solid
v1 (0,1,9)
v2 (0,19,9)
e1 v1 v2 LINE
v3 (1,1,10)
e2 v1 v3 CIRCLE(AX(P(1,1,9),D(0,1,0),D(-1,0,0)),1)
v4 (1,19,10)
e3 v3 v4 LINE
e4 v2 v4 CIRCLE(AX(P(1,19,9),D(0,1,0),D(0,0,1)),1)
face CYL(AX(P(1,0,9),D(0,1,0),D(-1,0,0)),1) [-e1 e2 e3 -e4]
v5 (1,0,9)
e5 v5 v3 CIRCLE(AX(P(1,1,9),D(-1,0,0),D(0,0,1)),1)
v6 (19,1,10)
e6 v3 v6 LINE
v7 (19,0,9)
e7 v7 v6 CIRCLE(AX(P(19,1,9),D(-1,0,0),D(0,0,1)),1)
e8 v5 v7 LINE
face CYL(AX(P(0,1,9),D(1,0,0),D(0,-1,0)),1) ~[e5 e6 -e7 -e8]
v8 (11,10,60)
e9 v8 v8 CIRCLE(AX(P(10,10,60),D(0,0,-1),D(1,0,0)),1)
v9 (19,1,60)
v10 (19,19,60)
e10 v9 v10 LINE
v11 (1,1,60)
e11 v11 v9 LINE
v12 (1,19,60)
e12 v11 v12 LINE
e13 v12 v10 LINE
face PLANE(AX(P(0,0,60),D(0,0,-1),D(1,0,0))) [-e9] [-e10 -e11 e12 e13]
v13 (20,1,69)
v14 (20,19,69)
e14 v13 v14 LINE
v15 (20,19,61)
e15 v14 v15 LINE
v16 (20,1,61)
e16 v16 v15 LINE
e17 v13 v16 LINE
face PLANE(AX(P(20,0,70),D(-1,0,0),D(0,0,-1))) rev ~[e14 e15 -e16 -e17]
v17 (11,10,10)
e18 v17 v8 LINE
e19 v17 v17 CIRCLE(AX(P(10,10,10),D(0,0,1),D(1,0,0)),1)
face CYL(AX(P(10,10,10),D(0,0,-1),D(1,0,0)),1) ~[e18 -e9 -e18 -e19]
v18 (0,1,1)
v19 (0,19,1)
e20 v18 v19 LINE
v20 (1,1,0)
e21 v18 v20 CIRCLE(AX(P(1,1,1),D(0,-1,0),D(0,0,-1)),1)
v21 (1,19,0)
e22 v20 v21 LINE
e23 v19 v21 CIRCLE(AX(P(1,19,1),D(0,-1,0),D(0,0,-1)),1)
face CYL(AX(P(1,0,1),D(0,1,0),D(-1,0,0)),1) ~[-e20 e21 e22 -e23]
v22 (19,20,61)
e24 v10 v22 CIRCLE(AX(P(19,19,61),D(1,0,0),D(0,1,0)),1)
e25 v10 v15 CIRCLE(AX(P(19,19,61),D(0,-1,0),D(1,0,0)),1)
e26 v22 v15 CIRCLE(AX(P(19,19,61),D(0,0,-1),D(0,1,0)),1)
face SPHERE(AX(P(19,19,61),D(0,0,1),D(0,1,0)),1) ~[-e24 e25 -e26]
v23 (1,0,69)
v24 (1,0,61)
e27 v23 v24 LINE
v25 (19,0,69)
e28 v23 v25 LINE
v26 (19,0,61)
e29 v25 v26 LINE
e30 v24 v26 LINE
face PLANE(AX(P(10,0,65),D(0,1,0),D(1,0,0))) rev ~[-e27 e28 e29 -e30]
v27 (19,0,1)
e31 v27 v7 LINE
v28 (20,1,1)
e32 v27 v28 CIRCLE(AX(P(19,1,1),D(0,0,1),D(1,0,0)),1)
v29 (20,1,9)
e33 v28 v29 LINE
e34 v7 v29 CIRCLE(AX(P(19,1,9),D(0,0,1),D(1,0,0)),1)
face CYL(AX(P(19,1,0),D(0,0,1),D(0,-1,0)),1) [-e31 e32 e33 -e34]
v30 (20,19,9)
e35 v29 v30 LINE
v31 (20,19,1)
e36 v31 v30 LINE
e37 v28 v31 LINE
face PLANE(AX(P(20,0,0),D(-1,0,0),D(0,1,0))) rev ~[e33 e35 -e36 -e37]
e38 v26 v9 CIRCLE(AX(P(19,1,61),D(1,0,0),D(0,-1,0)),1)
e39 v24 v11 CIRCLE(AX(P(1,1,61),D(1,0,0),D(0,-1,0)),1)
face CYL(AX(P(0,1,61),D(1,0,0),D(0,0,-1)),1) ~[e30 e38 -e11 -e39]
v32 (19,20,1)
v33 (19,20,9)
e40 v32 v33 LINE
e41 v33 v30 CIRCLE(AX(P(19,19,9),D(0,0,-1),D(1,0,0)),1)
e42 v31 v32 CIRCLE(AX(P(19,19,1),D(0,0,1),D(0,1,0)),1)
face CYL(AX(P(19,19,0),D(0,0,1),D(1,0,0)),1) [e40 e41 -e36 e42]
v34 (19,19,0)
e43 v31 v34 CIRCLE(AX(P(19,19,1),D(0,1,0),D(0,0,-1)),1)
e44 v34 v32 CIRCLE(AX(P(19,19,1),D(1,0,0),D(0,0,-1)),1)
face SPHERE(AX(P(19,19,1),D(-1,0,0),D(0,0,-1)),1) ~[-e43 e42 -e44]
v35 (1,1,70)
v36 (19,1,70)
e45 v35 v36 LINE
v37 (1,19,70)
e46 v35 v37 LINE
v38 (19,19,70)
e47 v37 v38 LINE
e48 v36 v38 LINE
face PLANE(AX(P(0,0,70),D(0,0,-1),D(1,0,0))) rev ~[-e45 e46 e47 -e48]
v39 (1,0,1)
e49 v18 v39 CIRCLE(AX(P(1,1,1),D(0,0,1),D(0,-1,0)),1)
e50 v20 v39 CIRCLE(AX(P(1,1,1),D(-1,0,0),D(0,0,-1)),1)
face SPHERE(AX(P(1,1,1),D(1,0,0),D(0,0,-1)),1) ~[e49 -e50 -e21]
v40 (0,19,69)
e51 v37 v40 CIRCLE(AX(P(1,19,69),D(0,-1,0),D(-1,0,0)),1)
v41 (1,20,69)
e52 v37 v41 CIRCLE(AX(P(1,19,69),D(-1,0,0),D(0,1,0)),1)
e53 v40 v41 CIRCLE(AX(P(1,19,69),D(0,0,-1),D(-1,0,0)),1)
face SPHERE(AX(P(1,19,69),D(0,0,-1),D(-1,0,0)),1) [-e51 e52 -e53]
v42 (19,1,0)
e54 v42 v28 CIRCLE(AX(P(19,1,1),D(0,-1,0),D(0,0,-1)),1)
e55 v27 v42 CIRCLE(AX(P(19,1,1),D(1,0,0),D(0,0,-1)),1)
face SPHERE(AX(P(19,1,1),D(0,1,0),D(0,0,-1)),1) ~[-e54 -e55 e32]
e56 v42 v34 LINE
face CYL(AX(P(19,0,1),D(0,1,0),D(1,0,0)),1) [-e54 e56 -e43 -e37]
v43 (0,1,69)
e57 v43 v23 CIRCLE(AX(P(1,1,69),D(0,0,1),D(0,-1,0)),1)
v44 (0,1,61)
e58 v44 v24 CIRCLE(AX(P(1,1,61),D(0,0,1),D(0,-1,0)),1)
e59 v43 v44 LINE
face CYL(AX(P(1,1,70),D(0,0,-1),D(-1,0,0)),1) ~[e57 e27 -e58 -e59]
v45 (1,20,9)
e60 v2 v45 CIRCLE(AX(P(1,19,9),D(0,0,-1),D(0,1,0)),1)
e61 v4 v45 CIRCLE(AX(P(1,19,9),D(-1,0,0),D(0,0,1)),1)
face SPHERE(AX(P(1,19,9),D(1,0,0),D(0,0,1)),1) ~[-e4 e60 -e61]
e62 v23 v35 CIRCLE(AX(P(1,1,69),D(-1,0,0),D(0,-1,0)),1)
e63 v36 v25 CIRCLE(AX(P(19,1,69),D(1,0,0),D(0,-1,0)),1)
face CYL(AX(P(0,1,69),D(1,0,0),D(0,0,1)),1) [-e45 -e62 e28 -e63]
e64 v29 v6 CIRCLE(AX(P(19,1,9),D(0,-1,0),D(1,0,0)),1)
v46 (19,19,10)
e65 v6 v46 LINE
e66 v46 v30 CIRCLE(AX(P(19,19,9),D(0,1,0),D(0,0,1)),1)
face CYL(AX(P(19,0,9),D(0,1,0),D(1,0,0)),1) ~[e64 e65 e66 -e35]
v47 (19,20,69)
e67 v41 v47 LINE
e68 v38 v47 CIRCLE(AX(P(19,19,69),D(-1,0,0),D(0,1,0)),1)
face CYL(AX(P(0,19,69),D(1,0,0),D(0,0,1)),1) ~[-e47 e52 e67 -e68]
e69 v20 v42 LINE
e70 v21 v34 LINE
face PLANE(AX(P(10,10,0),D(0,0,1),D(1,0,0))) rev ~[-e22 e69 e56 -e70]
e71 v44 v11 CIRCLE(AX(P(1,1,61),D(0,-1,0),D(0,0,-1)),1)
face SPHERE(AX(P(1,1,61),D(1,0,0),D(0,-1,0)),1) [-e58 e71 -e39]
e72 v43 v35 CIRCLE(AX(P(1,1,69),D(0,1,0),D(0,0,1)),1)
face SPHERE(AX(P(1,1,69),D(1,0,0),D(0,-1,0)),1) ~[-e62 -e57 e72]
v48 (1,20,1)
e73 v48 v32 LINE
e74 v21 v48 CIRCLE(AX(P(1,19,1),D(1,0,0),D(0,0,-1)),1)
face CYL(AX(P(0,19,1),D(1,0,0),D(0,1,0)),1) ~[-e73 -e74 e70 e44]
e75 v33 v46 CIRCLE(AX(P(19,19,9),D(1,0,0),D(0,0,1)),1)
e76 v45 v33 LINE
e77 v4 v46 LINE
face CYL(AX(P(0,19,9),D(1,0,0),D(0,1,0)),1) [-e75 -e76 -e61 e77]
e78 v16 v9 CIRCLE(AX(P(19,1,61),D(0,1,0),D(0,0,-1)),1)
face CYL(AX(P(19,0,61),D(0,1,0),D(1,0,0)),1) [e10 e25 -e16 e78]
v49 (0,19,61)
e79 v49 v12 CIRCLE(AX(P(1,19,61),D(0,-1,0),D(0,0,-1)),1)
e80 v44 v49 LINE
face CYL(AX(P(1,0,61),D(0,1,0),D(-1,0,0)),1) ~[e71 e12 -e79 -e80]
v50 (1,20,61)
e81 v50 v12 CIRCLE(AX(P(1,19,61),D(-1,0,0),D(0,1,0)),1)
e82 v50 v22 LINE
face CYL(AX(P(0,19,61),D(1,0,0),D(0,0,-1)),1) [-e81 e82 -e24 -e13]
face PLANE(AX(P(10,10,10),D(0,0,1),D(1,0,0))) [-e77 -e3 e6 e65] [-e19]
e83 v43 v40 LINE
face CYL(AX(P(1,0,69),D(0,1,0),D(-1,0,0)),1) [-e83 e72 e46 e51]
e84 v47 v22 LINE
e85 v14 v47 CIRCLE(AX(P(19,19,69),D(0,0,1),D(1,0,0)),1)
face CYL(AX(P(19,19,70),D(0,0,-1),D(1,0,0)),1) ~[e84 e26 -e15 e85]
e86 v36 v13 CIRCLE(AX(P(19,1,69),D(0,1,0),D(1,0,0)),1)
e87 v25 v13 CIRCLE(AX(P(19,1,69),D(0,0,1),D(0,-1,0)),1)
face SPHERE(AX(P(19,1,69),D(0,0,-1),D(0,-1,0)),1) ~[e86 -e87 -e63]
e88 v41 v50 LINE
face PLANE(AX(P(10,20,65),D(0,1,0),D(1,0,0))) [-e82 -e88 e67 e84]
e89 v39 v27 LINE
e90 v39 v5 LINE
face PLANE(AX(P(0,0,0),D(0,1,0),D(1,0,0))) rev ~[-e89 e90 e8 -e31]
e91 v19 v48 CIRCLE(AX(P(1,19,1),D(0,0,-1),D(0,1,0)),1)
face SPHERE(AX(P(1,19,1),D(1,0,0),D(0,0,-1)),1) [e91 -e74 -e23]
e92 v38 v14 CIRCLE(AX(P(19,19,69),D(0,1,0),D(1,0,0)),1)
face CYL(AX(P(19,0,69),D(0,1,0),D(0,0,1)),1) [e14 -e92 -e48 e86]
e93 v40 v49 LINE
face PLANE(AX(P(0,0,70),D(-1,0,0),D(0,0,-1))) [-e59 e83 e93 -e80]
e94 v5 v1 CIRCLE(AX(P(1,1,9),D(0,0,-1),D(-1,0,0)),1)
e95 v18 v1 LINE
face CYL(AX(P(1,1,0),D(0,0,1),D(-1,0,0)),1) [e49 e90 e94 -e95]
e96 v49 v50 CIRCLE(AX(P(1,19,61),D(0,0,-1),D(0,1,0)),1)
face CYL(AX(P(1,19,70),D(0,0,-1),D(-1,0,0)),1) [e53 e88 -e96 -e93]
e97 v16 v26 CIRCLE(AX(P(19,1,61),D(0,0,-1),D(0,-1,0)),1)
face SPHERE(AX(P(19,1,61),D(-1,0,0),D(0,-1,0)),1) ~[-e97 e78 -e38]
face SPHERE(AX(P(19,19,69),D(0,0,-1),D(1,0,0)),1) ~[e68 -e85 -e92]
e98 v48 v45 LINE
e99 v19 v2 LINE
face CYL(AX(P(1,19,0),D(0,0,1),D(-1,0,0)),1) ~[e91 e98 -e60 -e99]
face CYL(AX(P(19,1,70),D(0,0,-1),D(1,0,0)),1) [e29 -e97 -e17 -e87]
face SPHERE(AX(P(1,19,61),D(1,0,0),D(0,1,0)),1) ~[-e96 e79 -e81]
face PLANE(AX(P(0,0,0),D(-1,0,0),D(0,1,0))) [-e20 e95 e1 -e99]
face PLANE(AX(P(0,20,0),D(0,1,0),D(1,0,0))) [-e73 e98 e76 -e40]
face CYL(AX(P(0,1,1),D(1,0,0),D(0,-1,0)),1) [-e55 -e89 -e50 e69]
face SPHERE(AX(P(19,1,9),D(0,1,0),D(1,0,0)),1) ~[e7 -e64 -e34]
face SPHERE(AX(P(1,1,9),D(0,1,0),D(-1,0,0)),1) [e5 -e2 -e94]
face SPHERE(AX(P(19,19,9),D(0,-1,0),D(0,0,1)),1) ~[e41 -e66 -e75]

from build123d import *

# Parameters (mm, degrees)
SKETCH1_W           = 20
SKETCH1_H           = 20
BOSS_EXTRUDE1_DEPTH = 10
SKETCH4_W           = 20
SKETCH4_H           = 10
BOSS_EXTRUDE2_DEPTH = 20
FILLET6_R           = 1
FILLET7_R           = 1
SKETCH6_R           = 1
BOSS_EXTRUDE3_DEPTH = 60


with BuildPart() as part:
    # Sketch1 → Boss-Extrude1 (new body)
    with BuildSketch(Plane.XY):
        with Locations((10, 10)):
            Rectangle(SKETCH1_W, SKETCH1_H)
    extrude(amount=BOSS_EXTRUDE1_DEPTH)

    # Fillet6
    fillet6_edges = [part.edges().sort_by_distance(p)[0] for p in [
        (20, 10, 10),
        (10, 20, 10),
        (0, 10, 10),
        (10, 20, 0),
        (20, 10, 0),
        (10, 0, 0),
        (0, 10, 0),
        (0, 20, 5),
        (20, 20, 5),
        (20, 0, 5),
        (0, 0, 5),
        (10, 0, 10),
    ]]
    fillet(fillet6_edges, radius=FILLET6_R)



with BuildPart() as body_2:
    # Sketch4 → Boss-Extrude2 (new body)
    with BuildSketch(Plane(origin=(0, 0, 0), x_dir=(1, 0, 0), z_dir=(0, 1, 0))):
        with Locations((10, -65)):
            Rectangle(SKETCH4_W, SKETCH4_H)
    extrude(amount=BOSS_EXTRUDE2_DEPTH)

    # Fillet7
    fillet7_edges = [body_2.edges().sort_by_distance(p)[0] for p in [
        (20, 20, 65),
        (10, 20, 60),
        (0, 20, 65),
        (10, 0, 60),
        (20, 0, 65),
        (10, 0, 70),
        (0, 0, 65),
        (0, 10, 60),
        (20, 10, 60),
        (20, 10, 70),
        (0, 10, 70),
        (10, 20, 70),
    ]]
    fillet(fillet7_edges, radius=FILLET7_R)


with BuildPart() as part_1:
    add(part.part)

    add(body_2.part)  # Boss-Extrude3 merges body 2
    # Sketch6 → Boss-Extrude3 (add)
    with BuildSketch(Plane.XY.offset(10)):
        with Locations((10, 10)):
            Circle(SKETCH6_R)
    extrude(amount=BOSS_EXTRUDE3_DEPTH)


solid = part_1.part
